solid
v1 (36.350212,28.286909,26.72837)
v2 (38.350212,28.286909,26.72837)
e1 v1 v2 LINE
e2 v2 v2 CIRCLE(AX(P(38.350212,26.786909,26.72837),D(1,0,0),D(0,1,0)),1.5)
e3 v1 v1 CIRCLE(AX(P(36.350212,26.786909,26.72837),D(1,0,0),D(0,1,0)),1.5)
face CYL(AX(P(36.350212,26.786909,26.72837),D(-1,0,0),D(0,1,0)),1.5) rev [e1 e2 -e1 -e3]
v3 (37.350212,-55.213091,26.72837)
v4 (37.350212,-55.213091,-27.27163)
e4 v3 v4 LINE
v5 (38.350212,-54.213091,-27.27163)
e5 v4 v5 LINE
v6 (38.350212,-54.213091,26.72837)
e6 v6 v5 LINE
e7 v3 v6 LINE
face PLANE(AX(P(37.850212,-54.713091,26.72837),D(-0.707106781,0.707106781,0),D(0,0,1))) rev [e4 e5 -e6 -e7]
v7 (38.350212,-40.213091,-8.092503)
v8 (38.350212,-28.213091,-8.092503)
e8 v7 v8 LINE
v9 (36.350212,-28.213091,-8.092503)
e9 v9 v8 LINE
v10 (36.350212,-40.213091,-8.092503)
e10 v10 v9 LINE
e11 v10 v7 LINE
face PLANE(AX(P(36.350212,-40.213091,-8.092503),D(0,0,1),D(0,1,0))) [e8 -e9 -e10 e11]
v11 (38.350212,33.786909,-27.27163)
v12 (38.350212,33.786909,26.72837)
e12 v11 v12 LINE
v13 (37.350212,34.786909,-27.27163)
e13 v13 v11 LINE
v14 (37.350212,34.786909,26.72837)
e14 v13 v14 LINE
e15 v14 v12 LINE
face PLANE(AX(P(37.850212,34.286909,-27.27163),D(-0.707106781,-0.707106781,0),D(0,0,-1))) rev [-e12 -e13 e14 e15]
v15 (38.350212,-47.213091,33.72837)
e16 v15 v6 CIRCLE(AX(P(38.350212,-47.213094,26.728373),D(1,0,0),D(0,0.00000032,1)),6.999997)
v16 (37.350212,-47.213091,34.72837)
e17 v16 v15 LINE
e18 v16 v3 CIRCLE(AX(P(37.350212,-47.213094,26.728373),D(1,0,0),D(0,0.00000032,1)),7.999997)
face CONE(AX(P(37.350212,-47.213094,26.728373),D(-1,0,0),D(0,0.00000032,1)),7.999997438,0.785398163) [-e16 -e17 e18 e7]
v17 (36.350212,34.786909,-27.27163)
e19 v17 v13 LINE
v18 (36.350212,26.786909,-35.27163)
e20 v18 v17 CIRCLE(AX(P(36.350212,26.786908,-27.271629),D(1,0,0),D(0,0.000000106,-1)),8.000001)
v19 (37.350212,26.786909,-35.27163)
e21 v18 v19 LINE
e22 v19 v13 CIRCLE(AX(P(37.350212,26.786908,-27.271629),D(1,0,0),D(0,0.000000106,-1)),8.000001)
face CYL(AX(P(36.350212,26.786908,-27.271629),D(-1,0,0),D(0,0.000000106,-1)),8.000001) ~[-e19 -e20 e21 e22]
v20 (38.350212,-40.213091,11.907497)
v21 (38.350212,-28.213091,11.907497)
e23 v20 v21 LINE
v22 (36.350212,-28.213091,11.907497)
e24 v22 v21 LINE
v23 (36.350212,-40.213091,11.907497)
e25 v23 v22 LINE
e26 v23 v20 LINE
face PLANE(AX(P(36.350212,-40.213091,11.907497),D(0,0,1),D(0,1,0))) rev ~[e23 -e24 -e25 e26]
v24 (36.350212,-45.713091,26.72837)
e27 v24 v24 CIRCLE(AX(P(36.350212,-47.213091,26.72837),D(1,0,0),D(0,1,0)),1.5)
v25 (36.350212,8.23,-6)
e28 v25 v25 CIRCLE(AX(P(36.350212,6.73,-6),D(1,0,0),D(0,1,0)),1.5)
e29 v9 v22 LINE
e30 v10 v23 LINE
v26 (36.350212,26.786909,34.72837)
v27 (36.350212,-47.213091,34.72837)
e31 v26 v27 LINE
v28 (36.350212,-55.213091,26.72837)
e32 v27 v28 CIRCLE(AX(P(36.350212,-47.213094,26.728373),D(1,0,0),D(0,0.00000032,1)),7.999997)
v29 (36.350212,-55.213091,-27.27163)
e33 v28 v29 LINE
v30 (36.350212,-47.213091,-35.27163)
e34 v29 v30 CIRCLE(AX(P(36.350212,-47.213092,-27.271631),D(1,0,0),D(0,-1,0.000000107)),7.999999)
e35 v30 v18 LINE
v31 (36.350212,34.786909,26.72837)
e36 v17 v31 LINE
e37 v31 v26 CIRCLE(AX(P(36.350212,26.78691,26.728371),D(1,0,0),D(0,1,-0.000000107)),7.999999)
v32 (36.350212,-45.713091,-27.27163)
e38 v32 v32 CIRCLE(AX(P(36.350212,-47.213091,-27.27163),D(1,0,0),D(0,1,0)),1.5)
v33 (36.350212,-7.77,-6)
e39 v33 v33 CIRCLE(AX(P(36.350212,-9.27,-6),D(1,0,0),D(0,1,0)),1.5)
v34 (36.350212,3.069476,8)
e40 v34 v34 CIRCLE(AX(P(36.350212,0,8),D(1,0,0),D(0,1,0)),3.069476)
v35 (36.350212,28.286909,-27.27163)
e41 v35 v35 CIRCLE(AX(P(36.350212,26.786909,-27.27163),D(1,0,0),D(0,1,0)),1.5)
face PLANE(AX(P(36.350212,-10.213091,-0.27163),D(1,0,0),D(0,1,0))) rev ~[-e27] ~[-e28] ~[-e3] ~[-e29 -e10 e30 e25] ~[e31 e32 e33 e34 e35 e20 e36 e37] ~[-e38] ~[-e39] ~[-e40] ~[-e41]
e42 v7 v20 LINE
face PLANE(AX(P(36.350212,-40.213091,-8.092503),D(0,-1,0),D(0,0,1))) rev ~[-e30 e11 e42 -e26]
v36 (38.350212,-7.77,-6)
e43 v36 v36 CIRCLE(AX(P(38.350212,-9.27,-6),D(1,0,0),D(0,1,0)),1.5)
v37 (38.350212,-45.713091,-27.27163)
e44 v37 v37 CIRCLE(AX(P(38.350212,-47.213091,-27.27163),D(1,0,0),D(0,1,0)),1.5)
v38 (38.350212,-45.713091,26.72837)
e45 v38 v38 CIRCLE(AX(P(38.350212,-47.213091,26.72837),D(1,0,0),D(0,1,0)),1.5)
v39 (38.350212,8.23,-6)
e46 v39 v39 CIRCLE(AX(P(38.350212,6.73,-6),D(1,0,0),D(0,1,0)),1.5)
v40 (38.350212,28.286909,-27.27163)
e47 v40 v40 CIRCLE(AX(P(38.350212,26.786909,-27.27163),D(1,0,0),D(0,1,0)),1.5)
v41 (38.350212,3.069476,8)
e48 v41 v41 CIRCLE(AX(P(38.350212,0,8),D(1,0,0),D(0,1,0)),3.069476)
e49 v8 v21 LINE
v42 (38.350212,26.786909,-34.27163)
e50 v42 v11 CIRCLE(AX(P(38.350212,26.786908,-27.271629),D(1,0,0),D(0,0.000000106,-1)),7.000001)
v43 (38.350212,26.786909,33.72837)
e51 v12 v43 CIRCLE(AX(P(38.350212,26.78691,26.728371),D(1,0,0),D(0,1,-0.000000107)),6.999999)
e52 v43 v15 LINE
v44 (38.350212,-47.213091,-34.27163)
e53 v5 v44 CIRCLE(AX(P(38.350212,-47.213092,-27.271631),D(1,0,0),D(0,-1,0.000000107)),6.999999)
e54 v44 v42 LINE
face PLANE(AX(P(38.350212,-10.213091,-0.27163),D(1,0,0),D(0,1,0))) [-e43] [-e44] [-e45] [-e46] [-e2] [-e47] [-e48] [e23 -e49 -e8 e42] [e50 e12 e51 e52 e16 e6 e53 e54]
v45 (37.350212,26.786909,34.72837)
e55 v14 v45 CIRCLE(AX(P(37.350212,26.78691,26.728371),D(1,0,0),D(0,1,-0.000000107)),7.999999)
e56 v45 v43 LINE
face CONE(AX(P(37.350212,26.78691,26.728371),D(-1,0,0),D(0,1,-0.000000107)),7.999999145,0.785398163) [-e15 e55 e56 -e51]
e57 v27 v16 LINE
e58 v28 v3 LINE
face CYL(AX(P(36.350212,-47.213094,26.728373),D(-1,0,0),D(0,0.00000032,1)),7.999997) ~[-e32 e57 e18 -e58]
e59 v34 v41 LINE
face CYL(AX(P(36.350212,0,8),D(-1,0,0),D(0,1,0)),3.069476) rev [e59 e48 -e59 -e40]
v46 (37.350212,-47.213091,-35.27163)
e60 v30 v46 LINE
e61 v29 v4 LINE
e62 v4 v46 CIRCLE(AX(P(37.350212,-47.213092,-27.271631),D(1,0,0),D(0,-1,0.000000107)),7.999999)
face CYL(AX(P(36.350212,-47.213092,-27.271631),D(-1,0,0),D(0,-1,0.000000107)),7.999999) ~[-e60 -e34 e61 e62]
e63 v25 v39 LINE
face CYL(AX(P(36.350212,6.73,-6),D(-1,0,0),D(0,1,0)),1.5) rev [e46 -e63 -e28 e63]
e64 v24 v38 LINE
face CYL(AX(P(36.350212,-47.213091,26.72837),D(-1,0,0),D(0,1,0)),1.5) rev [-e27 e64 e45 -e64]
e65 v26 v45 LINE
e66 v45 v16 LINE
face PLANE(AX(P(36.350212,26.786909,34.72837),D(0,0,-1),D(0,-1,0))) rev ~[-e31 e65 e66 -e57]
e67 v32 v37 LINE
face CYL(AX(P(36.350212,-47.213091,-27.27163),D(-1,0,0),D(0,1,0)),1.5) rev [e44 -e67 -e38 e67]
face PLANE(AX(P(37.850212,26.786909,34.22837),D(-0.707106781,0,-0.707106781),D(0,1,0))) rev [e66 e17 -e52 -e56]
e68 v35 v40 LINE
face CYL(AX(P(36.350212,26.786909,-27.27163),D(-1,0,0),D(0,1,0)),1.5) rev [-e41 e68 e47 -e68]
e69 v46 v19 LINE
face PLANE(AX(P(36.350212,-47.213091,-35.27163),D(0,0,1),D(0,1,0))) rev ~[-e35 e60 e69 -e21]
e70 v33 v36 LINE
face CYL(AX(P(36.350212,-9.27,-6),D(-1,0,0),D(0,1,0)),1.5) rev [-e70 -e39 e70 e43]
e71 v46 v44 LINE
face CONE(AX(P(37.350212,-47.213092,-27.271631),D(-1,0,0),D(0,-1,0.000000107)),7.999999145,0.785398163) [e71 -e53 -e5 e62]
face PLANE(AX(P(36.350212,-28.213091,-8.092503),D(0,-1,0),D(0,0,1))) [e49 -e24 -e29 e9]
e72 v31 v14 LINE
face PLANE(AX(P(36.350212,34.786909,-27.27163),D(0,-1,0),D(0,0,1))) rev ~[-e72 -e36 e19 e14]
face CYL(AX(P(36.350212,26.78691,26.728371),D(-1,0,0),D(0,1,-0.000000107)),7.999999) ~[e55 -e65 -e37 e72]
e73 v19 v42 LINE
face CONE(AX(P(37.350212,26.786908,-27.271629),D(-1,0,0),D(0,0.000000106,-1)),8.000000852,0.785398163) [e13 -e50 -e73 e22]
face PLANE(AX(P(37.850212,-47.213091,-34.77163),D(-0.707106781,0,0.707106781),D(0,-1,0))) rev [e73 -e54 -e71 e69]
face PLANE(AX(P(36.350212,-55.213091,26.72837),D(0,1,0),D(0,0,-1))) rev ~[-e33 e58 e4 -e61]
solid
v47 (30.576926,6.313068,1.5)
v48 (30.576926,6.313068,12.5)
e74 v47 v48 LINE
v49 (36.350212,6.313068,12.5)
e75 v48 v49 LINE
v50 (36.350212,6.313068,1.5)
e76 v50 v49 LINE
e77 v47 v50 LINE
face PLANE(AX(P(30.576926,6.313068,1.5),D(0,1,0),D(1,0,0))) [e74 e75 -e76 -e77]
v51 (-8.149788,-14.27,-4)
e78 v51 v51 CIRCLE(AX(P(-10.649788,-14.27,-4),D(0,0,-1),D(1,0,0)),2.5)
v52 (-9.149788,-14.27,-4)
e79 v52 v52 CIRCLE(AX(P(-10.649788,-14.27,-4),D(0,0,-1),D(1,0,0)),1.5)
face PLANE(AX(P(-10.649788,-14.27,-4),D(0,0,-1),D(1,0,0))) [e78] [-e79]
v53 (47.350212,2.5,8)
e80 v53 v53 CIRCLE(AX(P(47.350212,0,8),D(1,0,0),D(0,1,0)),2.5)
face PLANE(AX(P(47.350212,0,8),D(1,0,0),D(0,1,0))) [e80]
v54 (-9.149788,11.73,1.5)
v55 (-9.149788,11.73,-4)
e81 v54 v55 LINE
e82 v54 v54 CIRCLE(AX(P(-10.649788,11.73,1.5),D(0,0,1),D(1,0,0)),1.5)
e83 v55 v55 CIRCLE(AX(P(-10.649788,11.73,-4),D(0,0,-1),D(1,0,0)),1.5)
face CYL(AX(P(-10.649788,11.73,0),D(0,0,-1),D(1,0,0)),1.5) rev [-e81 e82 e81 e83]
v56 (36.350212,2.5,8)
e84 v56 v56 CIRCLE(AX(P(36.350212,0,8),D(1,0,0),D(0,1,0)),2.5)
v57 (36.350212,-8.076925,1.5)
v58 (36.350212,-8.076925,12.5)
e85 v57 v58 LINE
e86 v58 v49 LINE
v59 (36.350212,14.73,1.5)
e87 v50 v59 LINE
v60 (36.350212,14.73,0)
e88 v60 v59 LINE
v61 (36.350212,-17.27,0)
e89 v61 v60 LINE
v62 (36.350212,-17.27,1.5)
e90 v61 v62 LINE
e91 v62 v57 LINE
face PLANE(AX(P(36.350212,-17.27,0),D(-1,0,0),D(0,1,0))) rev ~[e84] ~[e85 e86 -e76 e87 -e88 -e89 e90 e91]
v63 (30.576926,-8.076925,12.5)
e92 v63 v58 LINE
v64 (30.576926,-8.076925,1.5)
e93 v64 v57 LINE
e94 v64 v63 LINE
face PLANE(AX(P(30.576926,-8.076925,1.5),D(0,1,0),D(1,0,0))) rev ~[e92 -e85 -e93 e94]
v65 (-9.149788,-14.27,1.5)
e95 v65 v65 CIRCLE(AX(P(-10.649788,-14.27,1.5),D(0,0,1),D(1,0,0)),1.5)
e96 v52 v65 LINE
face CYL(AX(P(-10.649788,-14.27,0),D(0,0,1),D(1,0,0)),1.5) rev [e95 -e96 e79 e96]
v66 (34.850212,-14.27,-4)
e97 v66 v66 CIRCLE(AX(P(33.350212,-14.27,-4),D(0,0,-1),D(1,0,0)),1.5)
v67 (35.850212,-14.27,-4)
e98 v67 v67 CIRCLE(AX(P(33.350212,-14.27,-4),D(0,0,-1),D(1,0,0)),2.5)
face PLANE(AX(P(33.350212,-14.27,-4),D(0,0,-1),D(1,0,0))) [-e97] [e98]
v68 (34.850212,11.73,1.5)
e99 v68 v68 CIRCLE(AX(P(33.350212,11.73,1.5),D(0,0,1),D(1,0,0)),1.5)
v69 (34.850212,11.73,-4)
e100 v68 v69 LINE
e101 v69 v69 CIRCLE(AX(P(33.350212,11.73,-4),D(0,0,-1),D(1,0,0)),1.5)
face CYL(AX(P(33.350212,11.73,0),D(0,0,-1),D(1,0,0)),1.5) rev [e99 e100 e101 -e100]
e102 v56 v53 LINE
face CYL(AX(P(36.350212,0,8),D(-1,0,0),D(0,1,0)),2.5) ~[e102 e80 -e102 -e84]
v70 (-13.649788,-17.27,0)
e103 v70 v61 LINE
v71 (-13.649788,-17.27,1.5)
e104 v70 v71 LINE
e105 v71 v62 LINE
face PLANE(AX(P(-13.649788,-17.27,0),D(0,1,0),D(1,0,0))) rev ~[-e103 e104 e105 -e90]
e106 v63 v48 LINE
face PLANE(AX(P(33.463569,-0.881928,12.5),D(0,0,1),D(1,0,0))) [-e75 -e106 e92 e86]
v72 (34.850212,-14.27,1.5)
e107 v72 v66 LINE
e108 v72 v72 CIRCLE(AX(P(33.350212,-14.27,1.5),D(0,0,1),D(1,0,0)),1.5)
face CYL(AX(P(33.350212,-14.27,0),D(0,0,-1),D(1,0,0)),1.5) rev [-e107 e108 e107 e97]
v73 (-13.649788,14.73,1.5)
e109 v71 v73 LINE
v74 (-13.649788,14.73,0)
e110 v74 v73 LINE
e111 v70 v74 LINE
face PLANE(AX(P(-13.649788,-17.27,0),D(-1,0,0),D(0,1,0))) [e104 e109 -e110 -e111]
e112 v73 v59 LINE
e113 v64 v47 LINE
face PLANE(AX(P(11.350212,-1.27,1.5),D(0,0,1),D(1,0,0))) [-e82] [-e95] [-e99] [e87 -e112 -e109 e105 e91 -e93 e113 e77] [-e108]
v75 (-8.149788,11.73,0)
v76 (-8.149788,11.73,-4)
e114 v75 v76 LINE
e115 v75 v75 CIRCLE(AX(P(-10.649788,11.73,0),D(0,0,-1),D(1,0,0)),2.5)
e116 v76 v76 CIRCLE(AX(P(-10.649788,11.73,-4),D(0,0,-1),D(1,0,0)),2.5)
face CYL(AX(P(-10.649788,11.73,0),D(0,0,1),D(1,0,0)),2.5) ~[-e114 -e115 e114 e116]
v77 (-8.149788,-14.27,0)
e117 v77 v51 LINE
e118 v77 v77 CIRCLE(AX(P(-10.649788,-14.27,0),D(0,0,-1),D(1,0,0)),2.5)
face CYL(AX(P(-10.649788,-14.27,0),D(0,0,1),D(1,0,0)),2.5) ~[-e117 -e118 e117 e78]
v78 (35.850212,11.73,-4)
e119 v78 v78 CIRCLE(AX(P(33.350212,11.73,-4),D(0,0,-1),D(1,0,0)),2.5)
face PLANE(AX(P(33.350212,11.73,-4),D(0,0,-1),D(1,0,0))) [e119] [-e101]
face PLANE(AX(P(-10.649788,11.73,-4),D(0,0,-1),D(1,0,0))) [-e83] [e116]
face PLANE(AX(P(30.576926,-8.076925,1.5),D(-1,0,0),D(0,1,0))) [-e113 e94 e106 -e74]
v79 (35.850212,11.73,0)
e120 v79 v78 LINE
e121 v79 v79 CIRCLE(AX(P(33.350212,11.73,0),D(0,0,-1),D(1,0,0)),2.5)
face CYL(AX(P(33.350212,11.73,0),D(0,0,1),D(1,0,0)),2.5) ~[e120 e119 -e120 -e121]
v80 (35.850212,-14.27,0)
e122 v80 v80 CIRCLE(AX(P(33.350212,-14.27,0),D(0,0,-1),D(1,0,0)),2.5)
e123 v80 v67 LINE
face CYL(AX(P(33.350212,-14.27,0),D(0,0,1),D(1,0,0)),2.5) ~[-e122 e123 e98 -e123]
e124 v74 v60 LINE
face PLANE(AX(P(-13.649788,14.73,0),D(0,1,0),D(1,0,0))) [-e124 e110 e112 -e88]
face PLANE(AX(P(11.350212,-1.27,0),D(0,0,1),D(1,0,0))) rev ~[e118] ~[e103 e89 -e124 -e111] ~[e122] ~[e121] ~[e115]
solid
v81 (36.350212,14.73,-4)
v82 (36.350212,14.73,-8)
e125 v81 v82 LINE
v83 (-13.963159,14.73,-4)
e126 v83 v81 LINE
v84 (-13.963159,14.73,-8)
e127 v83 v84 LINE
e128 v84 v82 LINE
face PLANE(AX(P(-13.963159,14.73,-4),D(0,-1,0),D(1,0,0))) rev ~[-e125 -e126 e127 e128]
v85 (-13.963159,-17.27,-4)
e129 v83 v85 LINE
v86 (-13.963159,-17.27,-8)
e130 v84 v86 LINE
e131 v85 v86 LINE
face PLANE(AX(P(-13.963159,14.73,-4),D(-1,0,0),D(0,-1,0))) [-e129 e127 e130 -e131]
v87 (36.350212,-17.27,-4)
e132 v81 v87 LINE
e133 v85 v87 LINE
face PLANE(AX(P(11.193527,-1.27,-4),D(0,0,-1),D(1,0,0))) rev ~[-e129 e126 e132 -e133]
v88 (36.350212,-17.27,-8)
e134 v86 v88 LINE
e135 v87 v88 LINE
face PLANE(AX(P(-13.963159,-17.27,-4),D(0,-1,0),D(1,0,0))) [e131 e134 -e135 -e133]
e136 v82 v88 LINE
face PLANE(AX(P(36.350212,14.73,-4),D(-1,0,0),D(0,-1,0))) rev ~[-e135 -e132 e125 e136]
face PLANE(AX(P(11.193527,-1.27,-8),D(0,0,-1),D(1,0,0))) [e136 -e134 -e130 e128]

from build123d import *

# Parameters (mm, degrees)
F0_W      = 50
F0_H      = 32
F0_R      = 1.5
F1_DEPTH  = 1.5
F2_W      = 5.773286
F2_H      = 14.389993
F3_DEPTH  = 11
F4_R      = 2.5
F5_DEPTH  = 11
F6_R      = 2.5
F6_R_2    = 1.5
F7_DEPTH  = 4
F8_W      = 50.313371
F8_H      = 32
F9_DEPTH  = 4
F10_R     = 1.5
F10_W     = 12
F10_H     = 20
F10_R_2   = 3.069476
F11_DEPTH = 2
F12_SIZE  = 1


with BuildPart() as f1:
    # F0 (on Top) → F1 (new body)
    with BuildSketch(Plane.XY):
        with Locations((11.350212, -1.27)):
            Rectangle(F0_W, F0_H)
        with Locations((-10.649788, -14.27)):
            Circle(F0_R, mode=Mode.SUBTRACT)
        with Locations((33.350212, -14.27)):
            Circle(F0_R, mode=Mode.SUBTRACT)
        with Locations((-10.649788, 11.73)):
            Circle(F0_R, mode=Mode.SUBTRACT)
        with Locations((33.350212, 11.73)):
            Circle(F0_R, mode=Mode.SUBTRACT)
    extrude(amount=F1_DEPTH)

    # F2 (on face) → F3 (join)
    with BuildSketch(Plane.XY.offset(1.5)):
        with Locations((33.463569, -0.881928)):
            Rectangle(F2_W, F2_H)
    extrude(amount=F3_DEPTH)

    # F4 (on face) → F5 (join)
    with BuildSketch(Plane.YZ.offset(36.350212)):
        with Locations((0, 8)):
            Circle(F4_R)
    extrude(amount=F5_DEPTH)

    # F6 (on face) → F7 (join)
    with BuildSketch(Plane(origin=(0, 0, 0), x_dir=(1, 0, 0), z_dir=(0, 0, -1))):
        with Locations((-10.649788, 14.27)):
            Circle(F6_R)
        with Locations((-10.649788, 14.27)):
            Circle(F6_R_2, mode=Mode.SUBTRACT)
        with Locations((-10.649788, -11.73)):
            Circle(F6_R)
        with Locations((-10.649788, -11.73)):
            Circle(F6_R_2, mode=Mode.SUBTRACT)
        with Locations((33.350212, -11.73)):
            Circle(F6_R)
        with Locations((33.350212, -11.73)):
            Circle(F6_R_2, mode=Mode.SUBTRACT)
        with Locations((33.350212, 14.27)):
            Circle(F6_R)
        with Locations((33.350212, 14.27)):
            Circle(F6_R_2, mode=Mode.SUBTRACT)
    extrude(amount=F7_DEPTH)


with BuildPart() as f9:
    # F8 (on face) → F9 (new body)
    with BuildSketch(Plane(origin=(0, 0, -4), x_dir=(1, 0, 0), z_dir=(0, 0, -1))):
        with Locations((11.193527, 1.27)):
            Rectangle(F8_W, F8_H)
    extrude(amount=F9_DEPTH)


with BuildPart() as f11:
    # F10 (on face) → F11 (new body)
    with BuildSketch(Plane.YZ.offset(36.350212)):
        with BuildLine():
            Line((26.786909, 34.72837), (-47.213091, 34.72837))
            ThreePointArc((-47.213091, 34.72837), (-52.869946, 32.385225), (-55.213091, 26.72837))
            Line((-55.213091, 26.72837), (-55.213091, -27.27163))
            ThreePointArc((-55.213091, -27.27163), (-52.869946, -32.928484), (-47.213091, -35.27163))
            Line((-47.213091, -35.27163), (26.786909, -35.27163))
            ThreePointArc((26.786909, -35.27163), (32.443763, -32.928484), (34.786909, -27.27163))
            Line((34.786909, -27.27163), (34.786909, 26.72837))
            ThreePointArc((34.786909, 26.72837), (32.443763, 32.385225), (26.786909, 34.72837))
        make_face()
        with Locations((-47.213091, -27.27163)):
            Circle(F10_R, mode=Mode.SUBTRACT)
        with Locations((26.786909, -27.27163)):
            Circle(F10_R, mode=Mode.SUBTRACT)
        with Locations((-9.27, -6)):
            Circle(F10_R, mode=Mode.SUBTRACT)
        with Locations((6.73, -6)):
            Circle(F10_R, mode=Mode.SUBTRACT)
        with Locations((-34.213091, 1.907497)):
            Rectangle(F10_W, F10_H, mode=Mode.SUBTRACT)
        with Locations((-47.213091, 26.72837)):
            Circle(F10_R, mode=Mode.SUBTRACT)
        with Locations((0, 8)):
            Circle(F10_R_2, mode=Mode.SUBTRACT)
        with Locations((26.786909, 26.72837)):
            Circle(F10_R, mode=Mode.SUBTRACT)
    extrude(amount=F11_DEPTH)

    # F12
    f12_edges = [f11.edges().sort_by_distance(p)[0] for p in [
        (38.350212, -55.213091, -0.27163),
    ]]
    chamfer(f12_edges, length=F12_SIZE)


solid = Compound([f1.part, f9.part, f11.part])
